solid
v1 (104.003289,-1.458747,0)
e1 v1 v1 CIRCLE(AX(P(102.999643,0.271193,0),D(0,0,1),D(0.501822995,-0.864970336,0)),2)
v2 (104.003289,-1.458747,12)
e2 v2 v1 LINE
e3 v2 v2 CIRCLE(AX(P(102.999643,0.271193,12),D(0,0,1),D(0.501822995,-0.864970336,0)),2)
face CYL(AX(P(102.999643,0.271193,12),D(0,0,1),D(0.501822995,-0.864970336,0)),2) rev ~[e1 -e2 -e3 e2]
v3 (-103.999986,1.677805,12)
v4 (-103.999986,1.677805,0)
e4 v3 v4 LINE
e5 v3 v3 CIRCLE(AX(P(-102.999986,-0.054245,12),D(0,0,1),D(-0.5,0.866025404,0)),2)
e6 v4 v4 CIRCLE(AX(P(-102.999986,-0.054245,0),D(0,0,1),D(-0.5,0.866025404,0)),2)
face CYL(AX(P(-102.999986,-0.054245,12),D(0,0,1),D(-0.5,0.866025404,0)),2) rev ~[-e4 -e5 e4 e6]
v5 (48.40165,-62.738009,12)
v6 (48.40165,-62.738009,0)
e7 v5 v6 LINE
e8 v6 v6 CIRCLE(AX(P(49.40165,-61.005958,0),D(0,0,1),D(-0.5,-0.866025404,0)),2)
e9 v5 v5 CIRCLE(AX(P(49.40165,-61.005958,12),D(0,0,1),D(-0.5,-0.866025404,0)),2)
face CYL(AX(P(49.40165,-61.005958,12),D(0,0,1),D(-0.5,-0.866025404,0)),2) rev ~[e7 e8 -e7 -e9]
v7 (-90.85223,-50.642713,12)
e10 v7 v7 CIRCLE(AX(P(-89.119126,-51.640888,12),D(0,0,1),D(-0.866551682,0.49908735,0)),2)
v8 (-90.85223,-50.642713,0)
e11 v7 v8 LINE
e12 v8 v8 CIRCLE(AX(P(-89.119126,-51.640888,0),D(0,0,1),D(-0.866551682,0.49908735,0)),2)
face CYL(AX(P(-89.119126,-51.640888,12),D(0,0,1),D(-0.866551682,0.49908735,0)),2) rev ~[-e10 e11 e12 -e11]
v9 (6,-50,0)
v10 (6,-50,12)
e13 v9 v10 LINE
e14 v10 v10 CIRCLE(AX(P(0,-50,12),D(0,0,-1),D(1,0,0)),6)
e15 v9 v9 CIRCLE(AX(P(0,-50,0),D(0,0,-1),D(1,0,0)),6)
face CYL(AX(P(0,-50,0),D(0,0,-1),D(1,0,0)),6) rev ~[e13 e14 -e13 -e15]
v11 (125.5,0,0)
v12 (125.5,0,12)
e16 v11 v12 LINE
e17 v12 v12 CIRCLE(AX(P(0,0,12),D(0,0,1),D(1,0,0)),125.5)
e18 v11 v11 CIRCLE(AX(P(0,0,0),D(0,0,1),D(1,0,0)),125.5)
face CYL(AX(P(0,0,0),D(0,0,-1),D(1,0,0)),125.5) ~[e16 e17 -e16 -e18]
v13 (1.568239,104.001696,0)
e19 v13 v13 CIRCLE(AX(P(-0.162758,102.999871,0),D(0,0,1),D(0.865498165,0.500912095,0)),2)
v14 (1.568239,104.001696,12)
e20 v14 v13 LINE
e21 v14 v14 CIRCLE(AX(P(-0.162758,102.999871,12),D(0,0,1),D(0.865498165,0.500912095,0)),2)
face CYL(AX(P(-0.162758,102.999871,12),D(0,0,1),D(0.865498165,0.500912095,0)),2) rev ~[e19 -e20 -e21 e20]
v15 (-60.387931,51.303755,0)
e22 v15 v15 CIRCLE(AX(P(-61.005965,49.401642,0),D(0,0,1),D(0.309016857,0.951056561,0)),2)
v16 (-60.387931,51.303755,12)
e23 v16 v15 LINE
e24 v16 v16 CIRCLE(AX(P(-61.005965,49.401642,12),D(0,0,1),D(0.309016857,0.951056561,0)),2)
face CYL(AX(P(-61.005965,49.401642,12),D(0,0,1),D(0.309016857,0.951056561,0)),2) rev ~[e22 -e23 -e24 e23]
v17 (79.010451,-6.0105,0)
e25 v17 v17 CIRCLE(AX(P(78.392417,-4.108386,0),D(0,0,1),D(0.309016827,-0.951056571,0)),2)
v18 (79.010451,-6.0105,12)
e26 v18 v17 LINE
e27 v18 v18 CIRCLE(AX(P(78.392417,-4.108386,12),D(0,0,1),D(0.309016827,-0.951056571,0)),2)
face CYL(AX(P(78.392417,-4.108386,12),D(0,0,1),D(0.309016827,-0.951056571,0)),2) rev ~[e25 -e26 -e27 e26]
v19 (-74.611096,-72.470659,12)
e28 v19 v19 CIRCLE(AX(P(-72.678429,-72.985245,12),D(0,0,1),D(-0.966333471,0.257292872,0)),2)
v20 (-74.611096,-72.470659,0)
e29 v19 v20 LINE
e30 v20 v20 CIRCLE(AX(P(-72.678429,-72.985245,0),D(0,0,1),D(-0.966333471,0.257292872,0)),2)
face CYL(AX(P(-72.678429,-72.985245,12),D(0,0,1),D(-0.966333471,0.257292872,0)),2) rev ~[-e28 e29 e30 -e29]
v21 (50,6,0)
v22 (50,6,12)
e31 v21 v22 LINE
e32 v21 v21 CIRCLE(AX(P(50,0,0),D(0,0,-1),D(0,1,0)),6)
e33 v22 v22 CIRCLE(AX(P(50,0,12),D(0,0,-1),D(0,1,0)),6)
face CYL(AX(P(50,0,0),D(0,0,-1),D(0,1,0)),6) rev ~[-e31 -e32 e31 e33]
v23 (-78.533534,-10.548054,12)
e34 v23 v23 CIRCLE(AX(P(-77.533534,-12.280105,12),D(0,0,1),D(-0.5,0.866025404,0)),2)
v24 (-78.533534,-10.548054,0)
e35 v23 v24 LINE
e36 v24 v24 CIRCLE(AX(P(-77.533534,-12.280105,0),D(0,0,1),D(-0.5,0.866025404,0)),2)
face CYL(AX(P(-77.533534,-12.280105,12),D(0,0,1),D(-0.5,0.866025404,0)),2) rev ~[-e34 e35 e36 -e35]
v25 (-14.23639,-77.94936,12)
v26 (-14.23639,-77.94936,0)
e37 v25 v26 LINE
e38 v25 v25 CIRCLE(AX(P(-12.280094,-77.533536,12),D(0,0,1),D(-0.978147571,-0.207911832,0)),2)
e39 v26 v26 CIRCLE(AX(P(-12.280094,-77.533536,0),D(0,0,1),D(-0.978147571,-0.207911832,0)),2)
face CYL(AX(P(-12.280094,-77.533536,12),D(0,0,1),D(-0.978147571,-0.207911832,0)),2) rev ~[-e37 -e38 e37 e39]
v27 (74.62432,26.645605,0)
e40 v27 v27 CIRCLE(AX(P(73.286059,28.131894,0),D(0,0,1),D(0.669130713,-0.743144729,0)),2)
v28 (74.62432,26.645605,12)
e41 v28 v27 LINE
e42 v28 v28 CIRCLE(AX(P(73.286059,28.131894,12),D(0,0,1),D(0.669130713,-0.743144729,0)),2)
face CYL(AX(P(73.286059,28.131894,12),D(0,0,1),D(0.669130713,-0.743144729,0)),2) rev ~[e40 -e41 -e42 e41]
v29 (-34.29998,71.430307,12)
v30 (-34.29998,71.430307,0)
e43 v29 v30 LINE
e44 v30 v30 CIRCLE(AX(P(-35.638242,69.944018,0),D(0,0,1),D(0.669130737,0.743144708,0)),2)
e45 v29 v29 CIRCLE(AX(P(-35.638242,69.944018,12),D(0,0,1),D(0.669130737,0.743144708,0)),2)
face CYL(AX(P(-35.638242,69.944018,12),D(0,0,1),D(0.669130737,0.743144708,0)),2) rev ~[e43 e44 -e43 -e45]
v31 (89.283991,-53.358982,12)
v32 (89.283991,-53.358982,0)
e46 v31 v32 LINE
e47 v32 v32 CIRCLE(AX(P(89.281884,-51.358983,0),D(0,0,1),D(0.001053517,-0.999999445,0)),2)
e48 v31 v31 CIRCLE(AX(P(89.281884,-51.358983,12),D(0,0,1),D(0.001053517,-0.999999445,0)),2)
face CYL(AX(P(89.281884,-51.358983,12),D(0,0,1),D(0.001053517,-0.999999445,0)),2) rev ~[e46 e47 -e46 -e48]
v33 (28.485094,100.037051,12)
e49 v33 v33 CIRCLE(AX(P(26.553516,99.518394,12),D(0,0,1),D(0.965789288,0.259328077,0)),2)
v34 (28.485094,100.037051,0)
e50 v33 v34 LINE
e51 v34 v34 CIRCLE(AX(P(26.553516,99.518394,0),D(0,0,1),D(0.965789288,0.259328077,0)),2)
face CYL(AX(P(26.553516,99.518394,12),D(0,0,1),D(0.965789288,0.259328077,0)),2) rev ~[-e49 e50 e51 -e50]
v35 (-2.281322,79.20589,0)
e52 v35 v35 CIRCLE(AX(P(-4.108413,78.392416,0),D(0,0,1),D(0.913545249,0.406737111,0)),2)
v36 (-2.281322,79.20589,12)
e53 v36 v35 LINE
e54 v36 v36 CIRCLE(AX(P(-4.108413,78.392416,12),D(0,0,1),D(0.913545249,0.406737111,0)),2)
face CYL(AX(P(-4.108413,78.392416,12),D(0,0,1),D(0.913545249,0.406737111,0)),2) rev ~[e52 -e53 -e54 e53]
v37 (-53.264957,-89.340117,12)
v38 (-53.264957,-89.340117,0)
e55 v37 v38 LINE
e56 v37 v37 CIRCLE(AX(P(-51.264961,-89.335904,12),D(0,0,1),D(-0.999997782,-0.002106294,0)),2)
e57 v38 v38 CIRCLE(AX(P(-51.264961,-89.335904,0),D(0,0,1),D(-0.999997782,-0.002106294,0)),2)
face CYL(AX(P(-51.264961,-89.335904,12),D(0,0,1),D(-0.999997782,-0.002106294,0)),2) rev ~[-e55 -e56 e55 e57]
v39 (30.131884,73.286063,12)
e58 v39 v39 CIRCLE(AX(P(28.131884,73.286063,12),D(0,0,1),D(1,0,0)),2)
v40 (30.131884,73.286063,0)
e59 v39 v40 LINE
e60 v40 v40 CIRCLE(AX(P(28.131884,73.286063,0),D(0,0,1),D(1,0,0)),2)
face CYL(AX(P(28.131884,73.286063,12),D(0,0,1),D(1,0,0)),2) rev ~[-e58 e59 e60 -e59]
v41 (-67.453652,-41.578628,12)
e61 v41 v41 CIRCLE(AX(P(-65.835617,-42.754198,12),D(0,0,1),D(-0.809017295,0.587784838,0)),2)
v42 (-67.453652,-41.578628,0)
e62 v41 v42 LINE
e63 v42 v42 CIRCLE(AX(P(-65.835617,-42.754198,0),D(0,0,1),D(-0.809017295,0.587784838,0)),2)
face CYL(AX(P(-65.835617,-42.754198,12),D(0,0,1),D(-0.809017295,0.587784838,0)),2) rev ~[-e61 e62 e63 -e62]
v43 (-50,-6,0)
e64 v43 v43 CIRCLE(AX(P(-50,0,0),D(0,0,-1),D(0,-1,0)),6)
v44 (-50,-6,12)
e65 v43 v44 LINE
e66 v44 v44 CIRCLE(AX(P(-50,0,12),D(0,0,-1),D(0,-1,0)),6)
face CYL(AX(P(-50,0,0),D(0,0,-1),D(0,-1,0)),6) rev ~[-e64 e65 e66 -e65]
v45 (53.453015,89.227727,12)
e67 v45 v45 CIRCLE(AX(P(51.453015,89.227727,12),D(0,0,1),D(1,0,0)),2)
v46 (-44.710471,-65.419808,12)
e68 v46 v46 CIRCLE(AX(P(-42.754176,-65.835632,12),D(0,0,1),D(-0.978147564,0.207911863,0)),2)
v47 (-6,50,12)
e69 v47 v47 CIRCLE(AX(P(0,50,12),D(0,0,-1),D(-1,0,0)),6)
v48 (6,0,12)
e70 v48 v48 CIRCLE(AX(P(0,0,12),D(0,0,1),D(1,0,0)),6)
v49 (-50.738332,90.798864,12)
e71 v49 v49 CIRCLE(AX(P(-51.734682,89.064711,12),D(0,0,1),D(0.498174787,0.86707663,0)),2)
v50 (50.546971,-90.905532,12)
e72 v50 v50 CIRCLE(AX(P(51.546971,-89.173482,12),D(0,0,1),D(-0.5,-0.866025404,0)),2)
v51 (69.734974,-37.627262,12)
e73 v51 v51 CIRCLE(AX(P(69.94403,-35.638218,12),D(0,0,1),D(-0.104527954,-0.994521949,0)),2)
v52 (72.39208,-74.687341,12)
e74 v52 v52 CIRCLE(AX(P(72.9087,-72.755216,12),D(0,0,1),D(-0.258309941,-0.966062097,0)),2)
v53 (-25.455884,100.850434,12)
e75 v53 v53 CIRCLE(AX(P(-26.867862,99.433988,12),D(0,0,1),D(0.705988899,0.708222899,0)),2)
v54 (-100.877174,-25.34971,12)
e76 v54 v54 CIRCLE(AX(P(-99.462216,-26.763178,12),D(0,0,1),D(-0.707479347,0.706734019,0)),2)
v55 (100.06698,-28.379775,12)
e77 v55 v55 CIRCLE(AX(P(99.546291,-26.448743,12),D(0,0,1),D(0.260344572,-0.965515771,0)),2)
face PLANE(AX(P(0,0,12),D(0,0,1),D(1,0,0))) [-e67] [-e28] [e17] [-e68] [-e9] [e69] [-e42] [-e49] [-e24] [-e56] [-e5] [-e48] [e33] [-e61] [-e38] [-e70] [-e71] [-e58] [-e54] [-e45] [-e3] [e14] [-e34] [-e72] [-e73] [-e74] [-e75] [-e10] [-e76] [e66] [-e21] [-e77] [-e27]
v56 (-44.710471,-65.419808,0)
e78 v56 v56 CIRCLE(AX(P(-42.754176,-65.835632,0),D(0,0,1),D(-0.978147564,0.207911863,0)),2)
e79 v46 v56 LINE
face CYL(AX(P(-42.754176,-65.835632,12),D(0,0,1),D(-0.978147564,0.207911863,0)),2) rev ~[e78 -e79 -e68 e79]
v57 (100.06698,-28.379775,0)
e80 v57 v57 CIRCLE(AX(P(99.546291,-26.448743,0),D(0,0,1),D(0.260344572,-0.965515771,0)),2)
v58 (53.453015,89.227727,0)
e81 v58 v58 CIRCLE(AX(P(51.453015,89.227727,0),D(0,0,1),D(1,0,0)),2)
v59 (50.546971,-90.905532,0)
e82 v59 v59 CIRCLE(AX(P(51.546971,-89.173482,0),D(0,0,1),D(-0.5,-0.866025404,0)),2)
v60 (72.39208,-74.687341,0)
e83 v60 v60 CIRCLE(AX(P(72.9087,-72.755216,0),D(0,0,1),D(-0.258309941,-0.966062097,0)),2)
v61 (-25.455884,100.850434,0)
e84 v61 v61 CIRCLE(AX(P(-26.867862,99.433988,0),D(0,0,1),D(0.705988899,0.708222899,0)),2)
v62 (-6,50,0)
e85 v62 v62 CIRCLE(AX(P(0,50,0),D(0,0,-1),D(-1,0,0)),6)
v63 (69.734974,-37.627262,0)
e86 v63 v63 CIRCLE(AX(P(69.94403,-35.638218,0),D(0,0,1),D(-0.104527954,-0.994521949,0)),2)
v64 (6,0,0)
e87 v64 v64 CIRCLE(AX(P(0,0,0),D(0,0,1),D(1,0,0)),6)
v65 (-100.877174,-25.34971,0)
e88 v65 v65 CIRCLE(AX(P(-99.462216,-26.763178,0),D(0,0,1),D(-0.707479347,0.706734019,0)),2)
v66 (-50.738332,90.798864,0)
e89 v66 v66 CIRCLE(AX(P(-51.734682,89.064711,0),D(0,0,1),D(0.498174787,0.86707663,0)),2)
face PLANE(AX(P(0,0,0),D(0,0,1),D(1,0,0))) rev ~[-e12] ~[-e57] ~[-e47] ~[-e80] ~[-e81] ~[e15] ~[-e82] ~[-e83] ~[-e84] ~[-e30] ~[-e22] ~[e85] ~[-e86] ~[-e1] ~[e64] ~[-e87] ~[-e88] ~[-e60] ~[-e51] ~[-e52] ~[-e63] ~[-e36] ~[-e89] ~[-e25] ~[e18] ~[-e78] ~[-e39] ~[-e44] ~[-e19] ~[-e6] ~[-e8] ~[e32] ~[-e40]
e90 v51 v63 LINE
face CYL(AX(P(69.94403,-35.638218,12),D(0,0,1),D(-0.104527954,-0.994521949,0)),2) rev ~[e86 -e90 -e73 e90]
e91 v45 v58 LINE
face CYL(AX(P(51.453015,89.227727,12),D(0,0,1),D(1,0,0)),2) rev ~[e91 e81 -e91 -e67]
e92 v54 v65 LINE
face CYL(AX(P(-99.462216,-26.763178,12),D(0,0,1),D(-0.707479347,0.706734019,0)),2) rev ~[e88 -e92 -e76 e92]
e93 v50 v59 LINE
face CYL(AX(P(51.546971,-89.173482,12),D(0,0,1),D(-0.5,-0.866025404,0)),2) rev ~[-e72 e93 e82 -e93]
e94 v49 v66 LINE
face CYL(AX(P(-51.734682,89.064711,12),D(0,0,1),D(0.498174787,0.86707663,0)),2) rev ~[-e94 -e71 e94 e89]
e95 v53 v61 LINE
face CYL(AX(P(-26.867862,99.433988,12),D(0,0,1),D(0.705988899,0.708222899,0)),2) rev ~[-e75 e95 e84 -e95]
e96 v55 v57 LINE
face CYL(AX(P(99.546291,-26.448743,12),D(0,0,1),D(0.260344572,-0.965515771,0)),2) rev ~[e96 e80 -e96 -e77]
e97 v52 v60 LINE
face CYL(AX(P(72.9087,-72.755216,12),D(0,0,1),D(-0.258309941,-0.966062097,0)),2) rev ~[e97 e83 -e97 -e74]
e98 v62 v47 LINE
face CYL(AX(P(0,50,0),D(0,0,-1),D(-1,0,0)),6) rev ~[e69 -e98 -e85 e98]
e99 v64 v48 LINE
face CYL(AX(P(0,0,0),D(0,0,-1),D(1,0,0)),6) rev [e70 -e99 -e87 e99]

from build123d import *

# Parameters (mm, degrees)
SKETCH_R                          = 125.5
SKETCH_R_2                        = 6
PAD_DEPTH                         = 12
SKETCH001_R                       = 6
POCKET_DEPTH                      = 722.341763
POLARPATTERN_COUNT                = 4
SKETCH003_R                       = 2
POCKET001_DEPTH                   = 722.341763
SKETCH004_R                       = 2
POCKET002_DEPTH                   = 722.341763
SKETCH004_POLARPATTERN002_2_R     = 2
POCKET002_POLARPATTERN002_2_DEPTH = 722.341763
SKETCH004_POLARPATTERN002_3_R     = 2
POCKET002_POLARPATTERN002_3_DEPTH = 722.341763
SKETCH004_POLARPATTERN002_4_R     = 2
POCKET002_POLARPATTERN002_4_DEPTH = 722.341763
SKETCH004_POLARPATTERN002_5_R     = 2
POCKET002_POLARPATTERN002_5_DEPTH = 722.341763
POLARPATTERN003_COUNT             = 3
SKETCH003_POLARPATTERN004_2_R     = 2
POCKET001_POLARPATTERN004_2_DEPTH = 722.341763
SKETCH003_POLARPATTERN004_3_R     = 2
POCKET001_POLARPATTERN004_3_DEPTH = 722.341763
SKETCH003_POLARPATTERN004_4_R     = 2
POCKET001_POLARPATTERN004_4_DEPTH = 722.341763
POLARPATTERN005_COUNT             = 3


with BuildPart() as part:
    # Sketch → Pad (new body)
    with BuildSketch(Plane.XY):
        Circle(SKETCH_R)
        Circle(SKETCH_R_2, mode=Mode.SUBTRACT)
    extrude(amount=PAD_DEPTH)

    # Sketch001 → Pocket (cut, through all)
    with BuildSketch(Plane(origin=(0, 0, 0), x_dir=(-1, 0, 0), z_dir=(0, 0, -1))):
        with Locations((0, 50)):
            Circle(SKETCH001_R)
    pocket = extrude(amount=-POCKET_DEPTH, mode=Mode.SUBTRACT)

    # PolarPattern: Pocket ×4 about axis
    polarpattern_axis = Axis((0, 0, 0), (0, 0, -1))
    for i in range(1, POLARPATTERN_COUNT):
        add(pocket.rotate(polarpattern_axis, i * 360 / POLARPATTERN_COUNT), mode=Mode.SUBTRACT)

    # Sketch003 → Pocket001 (cut, through all)
    with BuildSketch(Plane.XY.offset(12)):
        with Locations((28.131884, 73.286063)):
            Circle(SKETCH003_R)
    pocket001 = extrude(amount=-POCKET001_DEPTH, mode=Mode.SUBTRACT)

    # Sketch004 → Pocket002 (cut, through all)
    with BuildSketch(Plane.XY.offset(12)):
        with Locations((51.453015, 89.227727)):
            Circle(SKETCH004_R)
    pocket002 = extrude(amount=-POCKET002_DEPTH, mode=Mode.SUBTRACT)

    # Sketch004 PolarPattern002 2 → Pocket002 PolarPattern002 2 (cut, through all)
    with BuildSketch(Plane(origin=(0, 0, 12), x_dir=(0.965789, 0.259328, 0), z_dir=(0, 0, 1))):
        with Locations((51.453015, 89.227727)):
            Circle(SKETCH004_POLARPATTERN002_2_R)
    pocket002_polarpattern002_2 = extrude(amount=-POCKET002_POLARPATTERN002_2_DEPTH, mode=Mode.SUBTRACT)

    # Sketch004 PolarPattern002 3 → Pocket002 PolarPattern002 3 (cut, through all)
    with BuildSketch(Plane(origin=(0, 0, 12), x_dir=(0.865498, 0.500912, 0), z_dir=(0, 0, 1))):
        with Locations((51.453015, 89.227727)):
            Circle(SKETCH004_POLARPATTERN002_3_R)
    pocket002_polarpattern002_3 = extrude(amount=-POCKET002_POLARPATTERN002_3_DEPTH, mode=Mode.SUBTRACT)

    # Sketch004 PolarPattern002 4 → Pocket002 PolarPattern002 4 (cut, through all)
    with BuildSketch(Plane(origin=(0, 0, 12), x_dir=(0.705989, 0.708223, 0), z_dir=(0, 0, 1))):
        with Locations((51.453015, 89.227727)):
            Circle(SKETCH004_POLARPATTERN002_4_R)
    pocket002_polarpattern002_4 = extrude(amount=-POCKET002_POLARPATTERN002_4_DEPTH, mode=Mode.SUBTRACT)

    # Sketch004 PolarPattern002 5 → Pocket002 PolarPattern002 5 (cut, through all)
    with BuildSketch(Plane(origin=(0, 0, 12), x_dir=(0.498175, 0.867077, 0), z_dir=(0, 0, 1))):
        with Locations((51.453015, 89.227727)):
            Circle(SKETCH004_POLARPATTERN002_5_R)
    pocket002_polarpattern002_5 = extrude(amount=-POCKET002_POLARPATTERN002_5_DEPTH, mode=Mode.SUBTRACT)

    # PolarPattern003: Pocket002, Pocket002 PolarPattern002 2, Pocket002 PolarPattern002 3, Pocket002 PolarPattern002 4, Pocket002 PolarPattern002 5 ×3 about axis
    polarpattern003_axis = Axis((0, 0, 12), (0, 0, 1))
    for i in range(1, POLARPATTERN003_COUNT):
        add(pocket002.rotate(polarpattern003_axis, i * 360 / POLARPATTERN003_COUNT), mode=Mode.SUBTRACT)
        add(pocket002_polarpattern002_2.rotate(polarpattern003_axis, i * 360 / POLARPATTERN003_COUNT), mode=Mode.SUBTRACT)
        add(pocket002_polarpattern002_3.rotate(polarpattern003_axis, i * 360 / POLARPATTERN003_COUNT), mode=Mode.SUBTRACT)
        add(pocket002_polarpattern002_4.rotate(polarpattern003_axis, i * 360 / POLARPATTERN003_COUNT), mode=Mode.SUBTRACT)
        add(pocket002_polarpattern002_5.rotate(polarpattern003_axis, i * 360 / POLARPATTERN003_COUNT), mode=Mode.SUBTRACT)

    # Sketch003 PolarPattern004 2 → Pocket001 PolarPattern004 2 (cut, through all)
    with BuildSketch(Plane(origin=(0, 0, 12), x_dir=(0.913545, 0.406737, 0), z_dir=(0, 0, 1))):
        with Locations((28.131884, 73.286063)):
            Circle(SKETCH003_POLARPATTERN004_2_R)
    pocket001_polarpattern004_2 = extrude(amount=-POCKET001_POLARPATTERN004_2_DEPTH, mode=Mode.SUBTRACT)

    # Sketch003 PolarPattern004 3 → Pocket001 PolarPattern004 3 (cut, through all)
    with BuildSketch(Plane(origin=(0, 0, 12), x_dir=(0.669131, 0.743145, 0), z_dir=(0, 0, 1))):
        with Locations((28.131884, 73.286063)):
            Circle(SKETCH003_POLARPATTERN004_3_R)
    pocket001_polarpattern004_3 = extrude(amount=-POCKET001_POLARPATTERN004_3_DEPTH, mode=Mode.SUBTRACT)

    # Sketch003 PolarPattern004 4 → Pocket001 PolarPattern004 4 (cut, through all)
    with BuildSketch(Plane(origin=(0, 0, 12), x_dir=(0.309017, 0.951057, 0), z_dir=(0, 0, 1))):
        with Locations((28.131884, 73.286063)):
            Circle(SKETCH003_POLARPATTERN004_4_R)
    pocket001_polarpattern004_4 = extrude(amount=-POCKET001_POLARPATTERN004_4_DEPTH, mode=Mode.SUBTRACT)

    # PolarPattern005: Pocket001, Pocket001 PolarPattern004 2, Pocket001 PolarPattern004 3, Pocket001 PolarPattern004 4 ×3 about axis
    polarpattern005_axis = Axis((0, 0, 12), (0, 0, 1))
    for i in range(1, POLARPATTERN005_COUNT):
        add(pocket001.rotate(polarpattern005_axis, i * 360 / POLARPATTERN005_COUNT), mode=Mode.SUBTRACT)
        add(pocket001_polarpattern004_2.rotate(polarpattern005_axis, i * 360 / POLARPATTERN005_COUNT), mode=Mode.SUBTRACT)
        add(pocket001_polarpattern004_3.rotate(polarpattern005_axis, i * 360 / POLARPATTERN005_COUNT), mode=Mode.SUBTRACT)
        add(pocket001_polarpattern004_4.rotate(polarpattern005_axis, i * 360 / POLARPATTERN005_COUNT), mode=Mode.SUBTRACT)


solid = part.part
